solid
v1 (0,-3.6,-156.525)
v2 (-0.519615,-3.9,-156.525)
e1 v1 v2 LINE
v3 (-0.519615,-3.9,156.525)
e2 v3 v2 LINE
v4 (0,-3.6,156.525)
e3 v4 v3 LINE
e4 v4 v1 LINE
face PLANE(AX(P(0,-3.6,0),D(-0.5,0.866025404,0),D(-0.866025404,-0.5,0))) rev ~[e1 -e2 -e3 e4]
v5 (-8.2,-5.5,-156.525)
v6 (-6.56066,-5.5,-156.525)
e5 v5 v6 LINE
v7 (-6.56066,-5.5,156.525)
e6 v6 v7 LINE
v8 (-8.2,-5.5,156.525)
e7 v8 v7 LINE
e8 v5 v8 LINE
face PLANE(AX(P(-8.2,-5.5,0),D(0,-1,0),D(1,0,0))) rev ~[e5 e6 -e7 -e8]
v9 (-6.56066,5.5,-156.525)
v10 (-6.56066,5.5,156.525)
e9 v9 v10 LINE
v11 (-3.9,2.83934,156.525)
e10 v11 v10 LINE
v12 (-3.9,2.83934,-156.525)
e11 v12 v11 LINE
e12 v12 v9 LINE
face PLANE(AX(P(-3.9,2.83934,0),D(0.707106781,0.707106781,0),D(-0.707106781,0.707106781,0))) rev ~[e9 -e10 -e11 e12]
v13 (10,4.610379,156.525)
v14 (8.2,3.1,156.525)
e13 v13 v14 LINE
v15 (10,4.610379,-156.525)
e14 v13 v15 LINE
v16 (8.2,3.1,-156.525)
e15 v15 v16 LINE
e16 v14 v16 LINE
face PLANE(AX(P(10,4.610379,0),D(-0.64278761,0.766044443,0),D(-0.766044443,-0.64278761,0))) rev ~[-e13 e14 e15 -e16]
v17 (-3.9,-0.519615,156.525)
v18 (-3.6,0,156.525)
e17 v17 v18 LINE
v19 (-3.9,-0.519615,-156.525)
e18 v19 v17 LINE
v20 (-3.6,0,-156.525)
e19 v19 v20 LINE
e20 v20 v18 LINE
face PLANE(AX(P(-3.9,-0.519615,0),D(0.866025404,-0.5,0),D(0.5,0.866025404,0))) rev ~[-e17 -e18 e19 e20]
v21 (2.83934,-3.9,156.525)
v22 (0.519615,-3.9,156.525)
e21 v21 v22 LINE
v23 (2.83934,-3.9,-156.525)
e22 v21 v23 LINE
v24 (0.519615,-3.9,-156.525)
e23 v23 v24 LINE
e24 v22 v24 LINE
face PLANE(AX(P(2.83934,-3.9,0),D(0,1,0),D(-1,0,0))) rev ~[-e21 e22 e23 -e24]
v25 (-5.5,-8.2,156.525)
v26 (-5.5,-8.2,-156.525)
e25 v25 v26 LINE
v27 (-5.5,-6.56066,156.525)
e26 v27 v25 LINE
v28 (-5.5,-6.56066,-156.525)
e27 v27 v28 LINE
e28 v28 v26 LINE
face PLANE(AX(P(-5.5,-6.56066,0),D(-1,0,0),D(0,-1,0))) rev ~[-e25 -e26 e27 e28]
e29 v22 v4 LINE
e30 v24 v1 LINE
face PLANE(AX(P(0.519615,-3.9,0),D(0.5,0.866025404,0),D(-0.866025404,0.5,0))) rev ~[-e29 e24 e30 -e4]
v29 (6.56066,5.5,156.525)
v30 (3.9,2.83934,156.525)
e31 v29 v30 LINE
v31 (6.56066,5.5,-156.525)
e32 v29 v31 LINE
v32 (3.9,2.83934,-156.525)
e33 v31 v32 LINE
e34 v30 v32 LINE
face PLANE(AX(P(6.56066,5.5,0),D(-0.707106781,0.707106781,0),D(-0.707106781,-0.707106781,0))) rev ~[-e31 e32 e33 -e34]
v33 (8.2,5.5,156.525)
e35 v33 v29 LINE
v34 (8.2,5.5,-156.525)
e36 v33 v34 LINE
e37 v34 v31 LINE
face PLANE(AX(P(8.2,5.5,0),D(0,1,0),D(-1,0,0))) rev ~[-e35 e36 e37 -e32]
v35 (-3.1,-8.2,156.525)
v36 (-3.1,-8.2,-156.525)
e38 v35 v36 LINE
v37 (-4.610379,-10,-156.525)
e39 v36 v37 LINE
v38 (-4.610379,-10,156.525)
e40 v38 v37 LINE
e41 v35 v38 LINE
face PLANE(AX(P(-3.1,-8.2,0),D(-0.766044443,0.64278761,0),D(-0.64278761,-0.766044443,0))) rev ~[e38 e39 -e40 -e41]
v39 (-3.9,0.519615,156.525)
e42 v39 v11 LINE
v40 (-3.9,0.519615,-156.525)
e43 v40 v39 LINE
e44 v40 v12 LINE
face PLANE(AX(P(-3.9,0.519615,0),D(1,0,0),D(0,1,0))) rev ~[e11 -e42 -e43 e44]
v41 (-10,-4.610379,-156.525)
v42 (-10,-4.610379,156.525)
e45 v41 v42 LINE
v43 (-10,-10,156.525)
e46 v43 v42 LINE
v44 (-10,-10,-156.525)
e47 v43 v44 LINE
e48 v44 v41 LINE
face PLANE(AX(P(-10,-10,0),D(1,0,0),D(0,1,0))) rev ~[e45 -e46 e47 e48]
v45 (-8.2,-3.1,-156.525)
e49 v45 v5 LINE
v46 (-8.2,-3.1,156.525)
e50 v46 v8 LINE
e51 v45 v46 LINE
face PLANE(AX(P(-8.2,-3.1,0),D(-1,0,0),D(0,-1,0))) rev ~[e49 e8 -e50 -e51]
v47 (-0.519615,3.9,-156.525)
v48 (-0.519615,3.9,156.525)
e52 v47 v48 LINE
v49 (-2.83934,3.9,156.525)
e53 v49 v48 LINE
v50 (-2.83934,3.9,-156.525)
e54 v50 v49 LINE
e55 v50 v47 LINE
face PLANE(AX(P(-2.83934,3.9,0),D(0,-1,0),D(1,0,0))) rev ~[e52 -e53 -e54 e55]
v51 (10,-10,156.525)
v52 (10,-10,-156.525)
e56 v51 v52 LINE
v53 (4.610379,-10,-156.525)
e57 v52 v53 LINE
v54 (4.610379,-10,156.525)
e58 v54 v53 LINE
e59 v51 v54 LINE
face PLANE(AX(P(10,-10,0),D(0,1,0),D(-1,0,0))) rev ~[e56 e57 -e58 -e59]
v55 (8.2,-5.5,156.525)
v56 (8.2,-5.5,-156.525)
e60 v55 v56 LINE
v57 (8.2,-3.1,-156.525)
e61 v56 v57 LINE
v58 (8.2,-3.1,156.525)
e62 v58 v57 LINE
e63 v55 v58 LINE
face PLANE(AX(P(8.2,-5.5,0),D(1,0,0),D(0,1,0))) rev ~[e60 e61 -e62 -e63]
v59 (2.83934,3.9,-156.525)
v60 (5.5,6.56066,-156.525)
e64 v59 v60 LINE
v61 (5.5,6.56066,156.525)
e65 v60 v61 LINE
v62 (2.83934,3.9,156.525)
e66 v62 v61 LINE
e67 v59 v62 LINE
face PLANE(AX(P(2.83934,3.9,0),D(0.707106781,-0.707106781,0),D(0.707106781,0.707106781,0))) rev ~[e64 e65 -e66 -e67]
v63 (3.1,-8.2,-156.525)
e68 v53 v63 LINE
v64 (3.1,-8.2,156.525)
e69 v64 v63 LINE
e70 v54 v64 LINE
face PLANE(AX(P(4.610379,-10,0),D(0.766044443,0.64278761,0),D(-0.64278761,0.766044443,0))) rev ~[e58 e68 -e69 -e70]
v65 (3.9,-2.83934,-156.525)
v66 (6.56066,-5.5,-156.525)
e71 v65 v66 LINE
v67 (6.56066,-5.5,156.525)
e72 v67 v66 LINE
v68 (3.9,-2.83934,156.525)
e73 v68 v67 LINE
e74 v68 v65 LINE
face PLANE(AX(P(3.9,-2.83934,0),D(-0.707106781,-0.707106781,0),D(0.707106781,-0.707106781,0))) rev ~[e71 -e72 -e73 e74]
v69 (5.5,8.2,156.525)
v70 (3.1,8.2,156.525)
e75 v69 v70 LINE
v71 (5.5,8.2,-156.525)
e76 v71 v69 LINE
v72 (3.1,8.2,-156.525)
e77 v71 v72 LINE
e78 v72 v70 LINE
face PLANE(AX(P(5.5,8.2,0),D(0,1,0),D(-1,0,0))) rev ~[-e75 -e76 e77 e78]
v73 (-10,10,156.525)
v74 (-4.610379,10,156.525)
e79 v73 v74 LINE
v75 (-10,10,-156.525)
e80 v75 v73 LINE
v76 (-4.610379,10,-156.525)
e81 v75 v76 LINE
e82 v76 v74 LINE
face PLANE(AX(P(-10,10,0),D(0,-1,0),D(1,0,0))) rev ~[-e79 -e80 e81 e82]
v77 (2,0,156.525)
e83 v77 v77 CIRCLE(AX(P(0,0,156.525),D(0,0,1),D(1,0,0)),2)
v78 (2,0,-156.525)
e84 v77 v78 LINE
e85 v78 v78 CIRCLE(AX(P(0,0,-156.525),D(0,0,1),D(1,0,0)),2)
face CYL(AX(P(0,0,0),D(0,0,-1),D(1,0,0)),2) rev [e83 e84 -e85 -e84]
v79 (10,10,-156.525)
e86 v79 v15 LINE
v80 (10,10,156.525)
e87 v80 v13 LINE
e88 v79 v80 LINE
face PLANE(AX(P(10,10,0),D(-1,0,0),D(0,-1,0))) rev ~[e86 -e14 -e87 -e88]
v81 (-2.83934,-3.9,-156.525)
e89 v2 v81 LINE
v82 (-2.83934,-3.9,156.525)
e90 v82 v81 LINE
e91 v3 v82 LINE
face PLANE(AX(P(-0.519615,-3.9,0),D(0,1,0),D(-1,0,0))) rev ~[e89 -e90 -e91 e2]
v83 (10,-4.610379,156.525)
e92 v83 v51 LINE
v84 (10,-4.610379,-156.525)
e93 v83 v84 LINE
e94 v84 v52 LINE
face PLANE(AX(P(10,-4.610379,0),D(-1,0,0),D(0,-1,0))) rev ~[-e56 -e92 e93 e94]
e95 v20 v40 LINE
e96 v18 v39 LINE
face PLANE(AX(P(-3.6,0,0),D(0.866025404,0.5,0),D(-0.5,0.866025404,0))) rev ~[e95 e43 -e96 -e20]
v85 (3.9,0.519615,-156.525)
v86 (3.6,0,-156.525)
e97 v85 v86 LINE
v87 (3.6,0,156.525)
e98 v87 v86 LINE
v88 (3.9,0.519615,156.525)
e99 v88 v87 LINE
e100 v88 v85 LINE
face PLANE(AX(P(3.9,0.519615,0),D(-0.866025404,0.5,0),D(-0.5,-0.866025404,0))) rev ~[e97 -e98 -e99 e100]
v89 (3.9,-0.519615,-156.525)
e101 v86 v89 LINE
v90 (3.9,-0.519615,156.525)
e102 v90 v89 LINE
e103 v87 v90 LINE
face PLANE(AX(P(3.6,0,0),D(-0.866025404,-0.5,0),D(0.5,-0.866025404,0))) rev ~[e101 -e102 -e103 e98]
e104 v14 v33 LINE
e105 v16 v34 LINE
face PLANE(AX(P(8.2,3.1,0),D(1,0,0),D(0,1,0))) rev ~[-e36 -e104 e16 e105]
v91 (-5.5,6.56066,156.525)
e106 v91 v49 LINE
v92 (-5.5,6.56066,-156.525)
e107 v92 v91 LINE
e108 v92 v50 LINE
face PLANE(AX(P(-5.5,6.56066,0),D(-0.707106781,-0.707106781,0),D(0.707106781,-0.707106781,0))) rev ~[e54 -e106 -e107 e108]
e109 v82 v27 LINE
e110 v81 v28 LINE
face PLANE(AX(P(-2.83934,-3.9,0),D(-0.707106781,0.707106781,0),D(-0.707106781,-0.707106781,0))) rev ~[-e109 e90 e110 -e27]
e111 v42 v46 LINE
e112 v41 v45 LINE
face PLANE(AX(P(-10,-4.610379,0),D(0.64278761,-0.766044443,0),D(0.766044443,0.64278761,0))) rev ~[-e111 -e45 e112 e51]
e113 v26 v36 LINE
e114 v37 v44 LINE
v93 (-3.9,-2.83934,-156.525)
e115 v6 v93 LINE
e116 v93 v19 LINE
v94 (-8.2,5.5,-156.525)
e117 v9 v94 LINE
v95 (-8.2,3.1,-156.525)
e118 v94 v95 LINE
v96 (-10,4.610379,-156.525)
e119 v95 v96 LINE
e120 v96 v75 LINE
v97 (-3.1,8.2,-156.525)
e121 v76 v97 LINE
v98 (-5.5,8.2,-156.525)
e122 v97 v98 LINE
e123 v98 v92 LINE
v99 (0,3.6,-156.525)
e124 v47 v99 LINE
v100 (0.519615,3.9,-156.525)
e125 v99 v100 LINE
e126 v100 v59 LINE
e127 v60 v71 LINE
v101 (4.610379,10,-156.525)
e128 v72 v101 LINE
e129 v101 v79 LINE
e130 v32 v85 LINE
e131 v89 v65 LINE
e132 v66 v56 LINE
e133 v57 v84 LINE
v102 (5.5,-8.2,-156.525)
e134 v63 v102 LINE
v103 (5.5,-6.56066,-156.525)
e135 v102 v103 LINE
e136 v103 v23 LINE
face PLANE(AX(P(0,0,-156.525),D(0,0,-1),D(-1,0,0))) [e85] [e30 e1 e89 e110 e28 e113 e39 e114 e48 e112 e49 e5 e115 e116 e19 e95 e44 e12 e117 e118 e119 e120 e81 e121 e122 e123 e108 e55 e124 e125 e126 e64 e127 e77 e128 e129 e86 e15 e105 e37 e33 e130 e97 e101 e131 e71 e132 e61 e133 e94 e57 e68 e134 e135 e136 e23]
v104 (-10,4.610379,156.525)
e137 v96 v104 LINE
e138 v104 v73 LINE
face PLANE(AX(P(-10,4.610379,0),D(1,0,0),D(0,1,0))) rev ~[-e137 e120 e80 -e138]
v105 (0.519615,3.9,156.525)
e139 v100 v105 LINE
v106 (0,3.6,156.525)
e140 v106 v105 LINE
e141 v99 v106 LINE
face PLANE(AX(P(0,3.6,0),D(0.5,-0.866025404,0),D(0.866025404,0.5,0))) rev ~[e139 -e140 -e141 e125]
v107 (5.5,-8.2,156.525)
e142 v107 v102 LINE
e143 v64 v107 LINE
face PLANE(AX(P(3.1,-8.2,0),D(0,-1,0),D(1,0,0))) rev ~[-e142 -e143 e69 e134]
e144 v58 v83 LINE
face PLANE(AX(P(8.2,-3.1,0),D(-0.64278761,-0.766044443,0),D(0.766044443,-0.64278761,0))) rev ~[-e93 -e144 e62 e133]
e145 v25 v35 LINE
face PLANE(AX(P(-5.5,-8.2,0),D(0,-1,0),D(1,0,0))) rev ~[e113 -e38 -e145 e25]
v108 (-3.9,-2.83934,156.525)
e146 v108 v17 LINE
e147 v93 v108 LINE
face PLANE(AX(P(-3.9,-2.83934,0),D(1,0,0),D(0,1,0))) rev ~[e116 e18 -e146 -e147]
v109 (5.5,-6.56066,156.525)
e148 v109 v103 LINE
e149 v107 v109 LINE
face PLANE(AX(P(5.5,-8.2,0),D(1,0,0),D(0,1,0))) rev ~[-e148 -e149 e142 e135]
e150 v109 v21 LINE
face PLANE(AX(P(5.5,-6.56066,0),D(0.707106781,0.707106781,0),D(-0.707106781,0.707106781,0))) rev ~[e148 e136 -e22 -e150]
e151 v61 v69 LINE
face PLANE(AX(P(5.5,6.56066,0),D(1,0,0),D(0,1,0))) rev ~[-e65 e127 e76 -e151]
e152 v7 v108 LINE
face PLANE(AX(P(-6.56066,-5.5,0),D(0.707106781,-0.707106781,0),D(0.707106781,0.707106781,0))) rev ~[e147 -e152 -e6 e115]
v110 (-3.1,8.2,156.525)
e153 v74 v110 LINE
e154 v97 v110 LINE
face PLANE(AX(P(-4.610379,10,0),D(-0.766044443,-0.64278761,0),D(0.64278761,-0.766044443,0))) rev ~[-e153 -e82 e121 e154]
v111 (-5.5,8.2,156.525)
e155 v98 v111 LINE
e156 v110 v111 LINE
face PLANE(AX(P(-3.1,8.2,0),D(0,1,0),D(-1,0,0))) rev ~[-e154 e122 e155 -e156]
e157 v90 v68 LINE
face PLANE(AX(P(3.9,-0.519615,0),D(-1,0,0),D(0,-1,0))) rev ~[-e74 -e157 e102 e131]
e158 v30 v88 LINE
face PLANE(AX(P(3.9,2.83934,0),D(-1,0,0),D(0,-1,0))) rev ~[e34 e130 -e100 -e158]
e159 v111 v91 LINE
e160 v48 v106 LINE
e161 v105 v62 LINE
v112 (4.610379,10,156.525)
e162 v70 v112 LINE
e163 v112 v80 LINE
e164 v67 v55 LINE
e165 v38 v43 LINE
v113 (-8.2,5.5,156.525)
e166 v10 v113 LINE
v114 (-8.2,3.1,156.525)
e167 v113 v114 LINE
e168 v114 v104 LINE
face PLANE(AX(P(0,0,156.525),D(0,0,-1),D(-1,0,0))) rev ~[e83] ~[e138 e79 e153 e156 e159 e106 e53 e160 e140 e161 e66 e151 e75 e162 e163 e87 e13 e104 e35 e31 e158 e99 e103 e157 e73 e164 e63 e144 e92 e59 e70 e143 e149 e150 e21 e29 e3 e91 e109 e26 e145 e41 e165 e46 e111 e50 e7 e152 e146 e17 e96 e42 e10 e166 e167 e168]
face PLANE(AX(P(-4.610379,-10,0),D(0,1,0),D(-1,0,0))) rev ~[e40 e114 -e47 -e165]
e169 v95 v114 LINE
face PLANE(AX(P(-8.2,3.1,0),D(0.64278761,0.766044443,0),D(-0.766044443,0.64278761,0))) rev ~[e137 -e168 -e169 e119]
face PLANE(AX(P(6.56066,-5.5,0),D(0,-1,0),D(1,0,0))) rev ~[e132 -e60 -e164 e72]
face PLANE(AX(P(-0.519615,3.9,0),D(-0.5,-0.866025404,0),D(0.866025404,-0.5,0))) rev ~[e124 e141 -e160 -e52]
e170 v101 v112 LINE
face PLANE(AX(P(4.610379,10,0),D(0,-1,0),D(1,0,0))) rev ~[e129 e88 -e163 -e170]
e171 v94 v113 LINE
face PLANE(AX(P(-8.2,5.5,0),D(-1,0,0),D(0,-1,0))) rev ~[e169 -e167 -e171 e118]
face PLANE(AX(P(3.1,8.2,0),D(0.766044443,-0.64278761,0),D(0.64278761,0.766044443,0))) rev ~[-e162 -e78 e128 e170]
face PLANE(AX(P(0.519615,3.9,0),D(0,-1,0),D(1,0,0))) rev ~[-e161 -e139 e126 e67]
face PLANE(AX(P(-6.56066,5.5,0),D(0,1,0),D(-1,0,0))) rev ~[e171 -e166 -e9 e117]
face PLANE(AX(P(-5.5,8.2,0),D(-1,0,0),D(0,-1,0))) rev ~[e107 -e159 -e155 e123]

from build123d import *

# Parameters (mm, degrees)
SKETCH1_R           = 2
BOSS_EXTRUDE1_DEPTH = 156.525


with BuildPart() as part:
    # Sketch1 → Boss-Extrude1 (new body, symmetric)
    with BuildSketch(Plane.XY):
        Polygon((10, 10), (10, 4.610379336), (8.2, 3.1), (8.2, 5.5), (6.560660172, 5.5), (3.9, 2.839339828), (3.9, 0.519615242), (3.6, 0), (3.9, -0.519615242), (3.9, -2.839339828), (6.560660172, -5.5), (8.2, -5.5), (8.2, -3.1), (10, -4.610379336), (10, -10), (4.610379336, -10), (3.1, -8.2), (5.5, -8.2), (5.5, -6.560660172), (2.839339828, -3.9), (0.519615242, -3.9), (0, -3.6), (-0.519615242, -3.9), (-2.839339828, -3.9), (-5.5, -6.560660172), (-5.5, -8.2), (-3.1, -8.2), (-4.610379336, -10), (-10, -10), (-10, -4.610379336), (-8.2, -3.1), (-8.2, -5.5), (-6.560660172, -5.5), (-3.9, -2.839339828), (-3.9, -0.519615242), (-3.6, 0), (-3.9, 0.519615242), (-3.9, 2.839339828), (-6.560660172, 5.5), (-8.2, 5.5), (-8.2, 3.1), (-10, 4.610379336), (-10, 10), (-4.610379336, 10), (-3.1, 8.2), (-5.5, 8.2), (-5.5, 6.560660172), (-2.839339828, 3.9), (-0.519615242, 3.9), (0, 3.6), (0.519615242, 3.9), (2.839339828, 3.9), (5.5, 6.560660172), (5.5, 8.2), (3.1, 8.2), (4.610379336, 10), align=None)
        Circle(SKETCH1_R, mode=Mode.SUBTRACT)
    extrude(amount=BOSS_EXTRUDE1_DEPTH, both=True)


solid = part.part
